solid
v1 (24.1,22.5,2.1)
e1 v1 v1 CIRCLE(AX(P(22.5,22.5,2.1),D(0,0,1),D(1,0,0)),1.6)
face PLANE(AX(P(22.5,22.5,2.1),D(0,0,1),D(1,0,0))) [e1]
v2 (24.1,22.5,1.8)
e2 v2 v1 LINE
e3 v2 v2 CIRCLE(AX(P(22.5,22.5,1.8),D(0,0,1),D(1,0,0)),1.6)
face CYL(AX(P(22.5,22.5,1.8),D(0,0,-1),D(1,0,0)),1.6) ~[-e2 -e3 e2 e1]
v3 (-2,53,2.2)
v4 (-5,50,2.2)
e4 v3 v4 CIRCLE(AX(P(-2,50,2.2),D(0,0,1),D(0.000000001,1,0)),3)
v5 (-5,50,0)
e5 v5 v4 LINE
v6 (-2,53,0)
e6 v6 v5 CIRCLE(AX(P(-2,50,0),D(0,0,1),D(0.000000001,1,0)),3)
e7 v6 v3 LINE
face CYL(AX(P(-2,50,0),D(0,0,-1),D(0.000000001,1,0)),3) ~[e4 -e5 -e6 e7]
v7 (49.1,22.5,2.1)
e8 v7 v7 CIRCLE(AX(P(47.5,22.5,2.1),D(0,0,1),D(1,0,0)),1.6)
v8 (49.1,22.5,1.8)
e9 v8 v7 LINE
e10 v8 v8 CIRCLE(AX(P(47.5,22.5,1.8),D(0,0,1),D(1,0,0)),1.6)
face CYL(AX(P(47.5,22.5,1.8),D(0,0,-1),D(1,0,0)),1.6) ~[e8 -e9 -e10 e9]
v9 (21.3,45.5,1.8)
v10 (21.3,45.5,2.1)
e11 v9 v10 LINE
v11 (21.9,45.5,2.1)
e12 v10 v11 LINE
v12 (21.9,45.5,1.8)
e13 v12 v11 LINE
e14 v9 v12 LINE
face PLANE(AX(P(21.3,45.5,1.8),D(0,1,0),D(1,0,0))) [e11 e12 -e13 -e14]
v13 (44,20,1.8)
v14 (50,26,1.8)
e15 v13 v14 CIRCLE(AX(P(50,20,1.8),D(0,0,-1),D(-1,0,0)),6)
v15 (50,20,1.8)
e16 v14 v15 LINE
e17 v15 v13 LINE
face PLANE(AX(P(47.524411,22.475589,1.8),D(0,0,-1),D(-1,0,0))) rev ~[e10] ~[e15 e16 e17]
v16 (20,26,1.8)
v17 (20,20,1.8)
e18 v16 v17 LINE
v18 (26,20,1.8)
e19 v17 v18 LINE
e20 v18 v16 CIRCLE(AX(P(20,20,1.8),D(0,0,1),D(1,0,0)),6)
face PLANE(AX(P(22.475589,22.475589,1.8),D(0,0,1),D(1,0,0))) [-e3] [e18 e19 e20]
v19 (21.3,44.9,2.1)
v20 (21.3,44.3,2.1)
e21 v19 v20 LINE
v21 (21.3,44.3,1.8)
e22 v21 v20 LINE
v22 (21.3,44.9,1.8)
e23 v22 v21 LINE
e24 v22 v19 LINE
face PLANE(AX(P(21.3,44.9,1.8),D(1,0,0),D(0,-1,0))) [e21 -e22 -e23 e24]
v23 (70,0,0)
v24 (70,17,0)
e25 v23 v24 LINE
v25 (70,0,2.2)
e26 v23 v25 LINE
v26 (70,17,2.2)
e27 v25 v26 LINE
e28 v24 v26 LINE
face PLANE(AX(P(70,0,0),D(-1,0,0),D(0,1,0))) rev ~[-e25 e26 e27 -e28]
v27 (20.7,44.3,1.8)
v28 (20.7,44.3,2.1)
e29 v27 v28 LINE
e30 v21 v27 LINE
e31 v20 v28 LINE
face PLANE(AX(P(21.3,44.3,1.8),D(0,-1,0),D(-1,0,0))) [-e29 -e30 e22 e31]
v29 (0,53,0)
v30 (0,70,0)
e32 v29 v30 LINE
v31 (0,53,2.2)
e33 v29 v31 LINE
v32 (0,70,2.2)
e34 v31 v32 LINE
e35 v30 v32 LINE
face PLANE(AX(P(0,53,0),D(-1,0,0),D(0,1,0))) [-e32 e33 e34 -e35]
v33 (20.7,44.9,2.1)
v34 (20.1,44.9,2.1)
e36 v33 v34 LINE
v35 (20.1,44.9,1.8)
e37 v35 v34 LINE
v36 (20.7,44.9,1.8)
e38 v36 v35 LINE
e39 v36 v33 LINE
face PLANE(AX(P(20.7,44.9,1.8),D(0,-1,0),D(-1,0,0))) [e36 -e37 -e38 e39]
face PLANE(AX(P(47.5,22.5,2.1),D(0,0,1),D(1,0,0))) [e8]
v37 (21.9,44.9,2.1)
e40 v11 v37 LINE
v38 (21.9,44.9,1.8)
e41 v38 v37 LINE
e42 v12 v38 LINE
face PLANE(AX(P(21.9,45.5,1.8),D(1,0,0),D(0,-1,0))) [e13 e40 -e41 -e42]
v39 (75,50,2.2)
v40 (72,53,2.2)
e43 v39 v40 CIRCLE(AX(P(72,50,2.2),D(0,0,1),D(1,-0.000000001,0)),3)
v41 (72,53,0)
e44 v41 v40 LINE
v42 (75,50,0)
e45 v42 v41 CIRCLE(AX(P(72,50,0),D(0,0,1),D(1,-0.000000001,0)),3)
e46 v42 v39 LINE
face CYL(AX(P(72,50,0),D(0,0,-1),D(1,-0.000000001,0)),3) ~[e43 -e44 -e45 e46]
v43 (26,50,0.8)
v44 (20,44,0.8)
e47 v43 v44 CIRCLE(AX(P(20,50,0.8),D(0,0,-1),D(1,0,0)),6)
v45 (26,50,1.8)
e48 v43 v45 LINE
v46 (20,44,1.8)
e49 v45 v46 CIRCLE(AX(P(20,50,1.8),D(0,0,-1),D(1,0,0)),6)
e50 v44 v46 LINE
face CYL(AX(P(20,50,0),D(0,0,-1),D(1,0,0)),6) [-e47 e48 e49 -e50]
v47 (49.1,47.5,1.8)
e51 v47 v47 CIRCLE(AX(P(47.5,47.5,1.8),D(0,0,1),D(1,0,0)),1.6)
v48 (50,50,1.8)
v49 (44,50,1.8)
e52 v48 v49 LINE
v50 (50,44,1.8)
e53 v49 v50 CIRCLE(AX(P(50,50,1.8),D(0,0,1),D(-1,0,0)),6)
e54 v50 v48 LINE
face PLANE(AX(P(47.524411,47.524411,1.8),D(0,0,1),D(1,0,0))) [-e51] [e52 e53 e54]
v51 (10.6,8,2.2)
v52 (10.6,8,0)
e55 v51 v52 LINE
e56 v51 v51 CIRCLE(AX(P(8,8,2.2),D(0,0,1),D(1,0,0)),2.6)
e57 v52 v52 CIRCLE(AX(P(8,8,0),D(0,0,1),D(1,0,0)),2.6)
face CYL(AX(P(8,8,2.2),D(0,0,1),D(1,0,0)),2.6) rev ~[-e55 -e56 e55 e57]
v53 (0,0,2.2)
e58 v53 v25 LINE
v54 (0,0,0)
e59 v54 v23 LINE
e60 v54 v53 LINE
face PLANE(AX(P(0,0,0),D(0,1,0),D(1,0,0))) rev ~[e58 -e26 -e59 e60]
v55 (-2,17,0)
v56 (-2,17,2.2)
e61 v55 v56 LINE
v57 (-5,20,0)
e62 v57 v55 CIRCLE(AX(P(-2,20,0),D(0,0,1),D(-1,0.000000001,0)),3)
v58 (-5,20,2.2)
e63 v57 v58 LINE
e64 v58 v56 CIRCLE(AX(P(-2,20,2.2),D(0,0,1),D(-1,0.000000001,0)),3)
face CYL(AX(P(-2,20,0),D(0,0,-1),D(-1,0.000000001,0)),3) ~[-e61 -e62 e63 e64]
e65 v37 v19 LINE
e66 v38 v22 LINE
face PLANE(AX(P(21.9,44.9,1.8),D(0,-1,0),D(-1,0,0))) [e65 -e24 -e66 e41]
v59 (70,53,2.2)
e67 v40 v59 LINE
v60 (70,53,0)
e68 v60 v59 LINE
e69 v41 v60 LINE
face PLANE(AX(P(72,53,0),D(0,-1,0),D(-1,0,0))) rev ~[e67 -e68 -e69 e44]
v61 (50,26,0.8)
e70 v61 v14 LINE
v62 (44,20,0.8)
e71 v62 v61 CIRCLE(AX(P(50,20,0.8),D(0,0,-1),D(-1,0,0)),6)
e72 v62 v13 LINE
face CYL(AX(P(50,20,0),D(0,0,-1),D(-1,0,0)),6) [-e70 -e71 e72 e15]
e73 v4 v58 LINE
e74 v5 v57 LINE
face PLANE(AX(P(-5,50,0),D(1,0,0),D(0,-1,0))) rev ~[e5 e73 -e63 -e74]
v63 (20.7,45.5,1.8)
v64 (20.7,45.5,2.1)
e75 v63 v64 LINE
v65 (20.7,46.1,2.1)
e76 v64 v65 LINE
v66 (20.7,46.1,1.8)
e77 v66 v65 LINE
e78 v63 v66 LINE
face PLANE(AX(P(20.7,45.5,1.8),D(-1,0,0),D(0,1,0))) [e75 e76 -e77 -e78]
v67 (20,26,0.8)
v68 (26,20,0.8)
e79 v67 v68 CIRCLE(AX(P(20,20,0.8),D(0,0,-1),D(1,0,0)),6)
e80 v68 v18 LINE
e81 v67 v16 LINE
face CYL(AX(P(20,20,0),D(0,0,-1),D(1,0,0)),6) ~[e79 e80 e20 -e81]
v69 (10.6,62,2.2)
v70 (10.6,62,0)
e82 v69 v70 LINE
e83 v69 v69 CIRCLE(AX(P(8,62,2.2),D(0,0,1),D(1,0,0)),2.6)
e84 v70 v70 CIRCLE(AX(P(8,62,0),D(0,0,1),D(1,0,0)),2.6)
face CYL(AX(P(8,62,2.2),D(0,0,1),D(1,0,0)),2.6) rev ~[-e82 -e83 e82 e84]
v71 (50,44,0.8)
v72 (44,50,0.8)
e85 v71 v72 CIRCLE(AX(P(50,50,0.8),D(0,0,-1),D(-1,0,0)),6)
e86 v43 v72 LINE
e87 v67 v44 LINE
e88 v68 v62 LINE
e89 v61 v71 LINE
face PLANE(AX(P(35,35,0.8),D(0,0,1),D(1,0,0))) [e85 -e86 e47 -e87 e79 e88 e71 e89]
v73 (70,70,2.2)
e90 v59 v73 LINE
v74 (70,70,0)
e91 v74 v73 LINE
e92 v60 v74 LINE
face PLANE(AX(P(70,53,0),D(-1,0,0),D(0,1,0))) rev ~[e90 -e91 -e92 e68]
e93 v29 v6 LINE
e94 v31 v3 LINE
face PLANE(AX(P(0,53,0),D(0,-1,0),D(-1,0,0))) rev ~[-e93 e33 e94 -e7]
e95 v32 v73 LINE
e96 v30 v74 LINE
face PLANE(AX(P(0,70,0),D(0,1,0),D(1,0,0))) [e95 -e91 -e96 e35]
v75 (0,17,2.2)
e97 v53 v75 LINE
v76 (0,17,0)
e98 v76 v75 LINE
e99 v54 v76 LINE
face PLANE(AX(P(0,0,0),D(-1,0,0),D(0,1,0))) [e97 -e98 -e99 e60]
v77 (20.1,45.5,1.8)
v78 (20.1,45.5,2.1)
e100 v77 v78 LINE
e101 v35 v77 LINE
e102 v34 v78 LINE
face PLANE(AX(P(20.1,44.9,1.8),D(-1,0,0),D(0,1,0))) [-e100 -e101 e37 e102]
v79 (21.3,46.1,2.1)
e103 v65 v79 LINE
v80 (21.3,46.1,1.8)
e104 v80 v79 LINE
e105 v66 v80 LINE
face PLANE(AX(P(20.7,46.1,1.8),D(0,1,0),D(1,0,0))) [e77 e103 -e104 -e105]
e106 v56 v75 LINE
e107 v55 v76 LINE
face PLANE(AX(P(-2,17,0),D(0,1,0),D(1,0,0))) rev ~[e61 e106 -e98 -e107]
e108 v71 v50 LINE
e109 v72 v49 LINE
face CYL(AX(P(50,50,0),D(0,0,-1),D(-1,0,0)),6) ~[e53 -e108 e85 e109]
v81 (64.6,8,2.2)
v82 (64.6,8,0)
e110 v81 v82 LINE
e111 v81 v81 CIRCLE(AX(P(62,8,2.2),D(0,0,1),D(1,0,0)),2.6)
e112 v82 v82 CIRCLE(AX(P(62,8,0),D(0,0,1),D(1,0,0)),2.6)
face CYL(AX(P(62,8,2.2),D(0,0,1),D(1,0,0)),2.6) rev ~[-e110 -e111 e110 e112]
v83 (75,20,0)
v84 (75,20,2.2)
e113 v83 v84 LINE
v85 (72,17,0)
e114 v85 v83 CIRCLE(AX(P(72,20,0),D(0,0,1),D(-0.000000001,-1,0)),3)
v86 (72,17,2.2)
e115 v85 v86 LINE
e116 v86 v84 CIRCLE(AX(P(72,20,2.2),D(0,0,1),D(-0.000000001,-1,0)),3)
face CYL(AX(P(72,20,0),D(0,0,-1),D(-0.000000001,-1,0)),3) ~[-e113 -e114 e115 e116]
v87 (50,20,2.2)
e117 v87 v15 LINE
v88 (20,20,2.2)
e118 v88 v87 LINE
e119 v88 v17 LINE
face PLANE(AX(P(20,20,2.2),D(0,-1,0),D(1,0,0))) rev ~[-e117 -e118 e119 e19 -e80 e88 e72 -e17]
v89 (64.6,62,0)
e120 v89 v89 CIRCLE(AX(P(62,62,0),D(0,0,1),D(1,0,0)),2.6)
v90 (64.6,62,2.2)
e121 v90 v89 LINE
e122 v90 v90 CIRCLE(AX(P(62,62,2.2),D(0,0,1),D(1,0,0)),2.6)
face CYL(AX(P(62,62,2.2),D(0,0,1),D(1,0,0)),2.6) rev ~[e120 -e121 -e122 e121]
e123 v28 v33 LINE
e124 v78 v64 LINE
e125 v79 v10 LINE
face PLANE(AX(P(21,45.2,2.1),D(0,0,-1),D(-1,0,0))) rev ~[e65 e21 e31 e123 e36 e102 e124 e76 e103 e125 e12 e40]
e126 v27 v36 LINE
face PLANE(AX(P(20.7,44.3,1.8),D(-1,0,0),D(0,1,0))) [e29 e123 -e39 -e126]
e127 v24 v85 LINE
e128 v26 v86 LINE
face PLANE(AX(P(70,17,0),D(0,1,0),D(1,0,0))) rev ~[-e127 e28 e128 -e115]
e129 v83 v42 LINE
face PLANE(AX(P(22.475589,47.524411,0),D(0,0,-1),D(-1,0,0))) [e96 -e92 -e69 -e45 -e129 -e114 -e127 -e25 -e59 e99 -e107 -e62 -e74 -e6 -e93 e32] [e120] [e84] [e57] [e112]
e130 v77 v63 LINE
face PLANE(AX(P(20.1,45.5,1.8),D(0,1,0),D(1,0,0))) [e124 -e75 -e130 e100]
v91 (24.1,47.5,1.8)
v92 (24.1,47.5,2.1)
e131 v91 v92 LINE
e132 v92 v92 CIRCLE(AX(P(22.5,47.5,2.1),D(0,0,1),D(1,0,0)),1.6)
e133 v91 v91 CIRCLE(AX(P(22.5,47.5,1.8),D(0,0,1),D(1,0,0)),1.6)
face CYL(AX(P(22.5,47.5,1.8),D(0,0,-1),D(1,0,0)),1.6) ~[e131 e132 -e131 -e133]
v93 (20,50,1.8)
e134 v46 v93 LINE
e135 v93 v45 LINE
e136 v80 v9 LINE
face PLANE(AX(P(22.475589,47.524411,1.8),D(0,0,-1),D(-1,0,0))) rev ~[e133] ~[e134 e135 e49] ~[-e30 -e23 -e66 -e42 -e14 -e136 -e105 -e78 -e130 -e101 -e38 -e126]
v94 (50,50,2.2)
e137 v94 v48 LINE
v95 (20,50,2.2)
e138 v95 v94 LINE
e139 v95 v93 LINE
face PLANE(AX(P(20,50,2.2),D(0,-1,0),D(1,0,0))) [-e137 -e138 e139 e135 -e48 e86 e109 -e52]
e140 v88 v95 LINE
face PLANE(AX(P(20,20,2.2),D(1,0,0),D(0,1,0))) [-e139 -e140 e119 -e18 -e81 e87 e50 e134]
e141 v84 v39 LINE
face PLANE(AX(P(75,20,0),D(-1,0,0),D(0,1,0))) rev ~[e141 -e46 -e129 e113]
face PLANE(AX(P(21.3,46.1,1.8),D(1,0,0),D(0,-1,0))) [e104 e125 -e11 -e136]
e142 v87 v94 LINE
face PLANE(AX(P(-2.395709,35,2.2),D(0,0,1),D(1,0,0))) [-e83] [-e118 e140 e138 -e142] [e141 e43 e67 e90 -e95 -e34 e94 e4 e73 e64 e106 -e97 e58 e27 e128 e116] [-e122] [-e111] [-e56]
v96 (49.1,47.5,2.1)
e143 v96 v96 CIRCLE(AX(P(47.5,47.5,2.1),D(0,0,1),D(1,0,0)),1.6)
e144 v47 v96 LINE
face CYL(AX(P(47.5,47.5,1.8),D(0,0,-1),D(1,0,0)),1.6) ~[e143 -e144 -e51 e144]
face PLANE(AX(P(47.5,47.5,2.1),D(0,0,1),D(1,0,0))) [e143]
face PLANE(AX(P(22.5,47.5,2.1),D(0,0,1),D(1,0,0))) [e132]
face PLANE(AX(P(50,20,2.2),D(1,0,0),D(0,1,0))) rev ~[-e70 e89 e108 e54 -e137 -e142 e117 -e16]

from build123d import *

# Parameters (mm, degrees)
SKETCH_1_W          = 70
SKETCH_1_H          = 70
EXTRUDE_1_DEPTH     = 2.2
SKETCH_2_W          = 30
SKETCH_2_H          = 30
CUT_EXTRUDE_1_DEPTH = 1.4
SKETCH_3_R          = 2.6
CUT_EXTRUDE_2_DEPTH = 3.2
EXTRUDE_2_DEPTH     = 1.8
SKETCH_6_R          = 1.6
EXTRUDE_3_DEPTH     = 0.3


with BuildPart() as part:
    # 草图1 → 凸台-拉伸1 (new body)
    with BuildSketch(Plane.XY):
        with BuildLine():
            Line((-2, 17), (0, 17))
            Line((0, 17), (0, 53))
            Line((0, 53), (-2, 53))
            ThreePointArc((-2, 53), (-4.121320344, 52.121320344), (-5, 50))
            Line((-5, 50), (-5, 20))
            ThreePointArc((-5, 20), (-4.121320344, 17.878679656), (-2, 17))
        make_face()
        with Locations((35, 35)):
            Rectangle(SKETCH_1_W, SKETCH_1_H)
        with BuildLine():
            Line((70, 53), (70, 17))
            Line((70, 17), (72, 17))
            ThreePointArc((72, 17), (74.121320344, 17.878679656), (75, 20))
            Line((75, 20), (75, 50))
            ThreePointArc((75, 50), (74.121320344, 52.121320344), (72, 53))
            Line((72, 53), (70, 53))
        make_face()
    extrude(amount=EXTRUDE_1_DEPTH)

    # 草图2 → 切除-拉伸1 (cut)
    with BuildSketch(Plane.XY.offset(2.2)):
        with Locations((35, 35)):
            Rectangle(SKETCH_2_W, SKETCH_2_H)
    extrude(amount=-CUT_EXTRUDE_1_DEPTH, mode=Mode.SUBTRACT)

    # 草图3 → 切除-拉伸2 (cut, through all)
    with BuildSketch(Plane.XY.offset(2.2)):
        with Locations((8, 62)):
            Circle(SKETCH_3_R)
        with Locations((62, 62)):
            Circle(SKETCH_3_R)
        with Locations((8, 8)):
            Circle(SKETCH_3_R)
        with Locations((62, 8)):
            Circle(SKETCH_3_R)
    extrude(amount=-CUT_EXTRUDE_2_DEPTH, mode=Mode.SUBTRACT)

    # 草图4 → 凸台-拉伸2 (add)
    with BuildSketch(Plane.XY):
        with BuildLine():
            Line((20, 44), (20, 50))
            Line((20, 50), (26, 50))
            ThreePointArc((26, 50), (24.242640687, 45.757359313), (20, 44))
        make_face()
        with BuildLine():
            Line((50, 44), (50, 50))
            Line((50, 50), (44, 50))
            ThreePointArc((44, 50), (45.757359313, 45.757359313), (50, 44))
        make_face()
        with BuildLine():
            Line((50, 20), (44, 20))
            ThreePointArc((44, 20), (45.757359313, 24.242640687), (50, 26))
            Line((50, 26), (50, 20))
        make_face()
        with BuildLine():
            Line((20, 26), (20, 20))
            Line((20, 20), (26, 20))
            ThreePointArc((26, 20), (24.242640687, 24.242640687), (20, 26))
        make_face()
    extrude(amount=EXTRUDE_2_DEPTH)

    # 草图6 → 凸台-拉伸3 (add)
    with BuildSketch(Plane.XY.offset(1.8)):
        with Locations((22.5, 47.5)):
            Circle(SKETCH_6_R)
        with Locations((47.5, 47.5)):
            Circle(SKETCH_6_R)
        with Locations((47.5, 22.5)):
            Circle(SKETCH_6_R)
        with Locations((22.5, 22.5)):
            Circle(SKETCH_6_R)
        Polygon((20.1, 45.5), (20.7, 45.5), (20.7, 46.1), (21.3, 46.1), (21.3, 45.5), (21.9, 45.5), (21.9, 44.9), (21.3, 44.9), (21.3, 44.3), (20.7, 44.3), (20.7, 44.9), (20.1, 44.9), align=None)
    extrude(amount=EXTRUDE_3_DEPTH)


solid = part.part
